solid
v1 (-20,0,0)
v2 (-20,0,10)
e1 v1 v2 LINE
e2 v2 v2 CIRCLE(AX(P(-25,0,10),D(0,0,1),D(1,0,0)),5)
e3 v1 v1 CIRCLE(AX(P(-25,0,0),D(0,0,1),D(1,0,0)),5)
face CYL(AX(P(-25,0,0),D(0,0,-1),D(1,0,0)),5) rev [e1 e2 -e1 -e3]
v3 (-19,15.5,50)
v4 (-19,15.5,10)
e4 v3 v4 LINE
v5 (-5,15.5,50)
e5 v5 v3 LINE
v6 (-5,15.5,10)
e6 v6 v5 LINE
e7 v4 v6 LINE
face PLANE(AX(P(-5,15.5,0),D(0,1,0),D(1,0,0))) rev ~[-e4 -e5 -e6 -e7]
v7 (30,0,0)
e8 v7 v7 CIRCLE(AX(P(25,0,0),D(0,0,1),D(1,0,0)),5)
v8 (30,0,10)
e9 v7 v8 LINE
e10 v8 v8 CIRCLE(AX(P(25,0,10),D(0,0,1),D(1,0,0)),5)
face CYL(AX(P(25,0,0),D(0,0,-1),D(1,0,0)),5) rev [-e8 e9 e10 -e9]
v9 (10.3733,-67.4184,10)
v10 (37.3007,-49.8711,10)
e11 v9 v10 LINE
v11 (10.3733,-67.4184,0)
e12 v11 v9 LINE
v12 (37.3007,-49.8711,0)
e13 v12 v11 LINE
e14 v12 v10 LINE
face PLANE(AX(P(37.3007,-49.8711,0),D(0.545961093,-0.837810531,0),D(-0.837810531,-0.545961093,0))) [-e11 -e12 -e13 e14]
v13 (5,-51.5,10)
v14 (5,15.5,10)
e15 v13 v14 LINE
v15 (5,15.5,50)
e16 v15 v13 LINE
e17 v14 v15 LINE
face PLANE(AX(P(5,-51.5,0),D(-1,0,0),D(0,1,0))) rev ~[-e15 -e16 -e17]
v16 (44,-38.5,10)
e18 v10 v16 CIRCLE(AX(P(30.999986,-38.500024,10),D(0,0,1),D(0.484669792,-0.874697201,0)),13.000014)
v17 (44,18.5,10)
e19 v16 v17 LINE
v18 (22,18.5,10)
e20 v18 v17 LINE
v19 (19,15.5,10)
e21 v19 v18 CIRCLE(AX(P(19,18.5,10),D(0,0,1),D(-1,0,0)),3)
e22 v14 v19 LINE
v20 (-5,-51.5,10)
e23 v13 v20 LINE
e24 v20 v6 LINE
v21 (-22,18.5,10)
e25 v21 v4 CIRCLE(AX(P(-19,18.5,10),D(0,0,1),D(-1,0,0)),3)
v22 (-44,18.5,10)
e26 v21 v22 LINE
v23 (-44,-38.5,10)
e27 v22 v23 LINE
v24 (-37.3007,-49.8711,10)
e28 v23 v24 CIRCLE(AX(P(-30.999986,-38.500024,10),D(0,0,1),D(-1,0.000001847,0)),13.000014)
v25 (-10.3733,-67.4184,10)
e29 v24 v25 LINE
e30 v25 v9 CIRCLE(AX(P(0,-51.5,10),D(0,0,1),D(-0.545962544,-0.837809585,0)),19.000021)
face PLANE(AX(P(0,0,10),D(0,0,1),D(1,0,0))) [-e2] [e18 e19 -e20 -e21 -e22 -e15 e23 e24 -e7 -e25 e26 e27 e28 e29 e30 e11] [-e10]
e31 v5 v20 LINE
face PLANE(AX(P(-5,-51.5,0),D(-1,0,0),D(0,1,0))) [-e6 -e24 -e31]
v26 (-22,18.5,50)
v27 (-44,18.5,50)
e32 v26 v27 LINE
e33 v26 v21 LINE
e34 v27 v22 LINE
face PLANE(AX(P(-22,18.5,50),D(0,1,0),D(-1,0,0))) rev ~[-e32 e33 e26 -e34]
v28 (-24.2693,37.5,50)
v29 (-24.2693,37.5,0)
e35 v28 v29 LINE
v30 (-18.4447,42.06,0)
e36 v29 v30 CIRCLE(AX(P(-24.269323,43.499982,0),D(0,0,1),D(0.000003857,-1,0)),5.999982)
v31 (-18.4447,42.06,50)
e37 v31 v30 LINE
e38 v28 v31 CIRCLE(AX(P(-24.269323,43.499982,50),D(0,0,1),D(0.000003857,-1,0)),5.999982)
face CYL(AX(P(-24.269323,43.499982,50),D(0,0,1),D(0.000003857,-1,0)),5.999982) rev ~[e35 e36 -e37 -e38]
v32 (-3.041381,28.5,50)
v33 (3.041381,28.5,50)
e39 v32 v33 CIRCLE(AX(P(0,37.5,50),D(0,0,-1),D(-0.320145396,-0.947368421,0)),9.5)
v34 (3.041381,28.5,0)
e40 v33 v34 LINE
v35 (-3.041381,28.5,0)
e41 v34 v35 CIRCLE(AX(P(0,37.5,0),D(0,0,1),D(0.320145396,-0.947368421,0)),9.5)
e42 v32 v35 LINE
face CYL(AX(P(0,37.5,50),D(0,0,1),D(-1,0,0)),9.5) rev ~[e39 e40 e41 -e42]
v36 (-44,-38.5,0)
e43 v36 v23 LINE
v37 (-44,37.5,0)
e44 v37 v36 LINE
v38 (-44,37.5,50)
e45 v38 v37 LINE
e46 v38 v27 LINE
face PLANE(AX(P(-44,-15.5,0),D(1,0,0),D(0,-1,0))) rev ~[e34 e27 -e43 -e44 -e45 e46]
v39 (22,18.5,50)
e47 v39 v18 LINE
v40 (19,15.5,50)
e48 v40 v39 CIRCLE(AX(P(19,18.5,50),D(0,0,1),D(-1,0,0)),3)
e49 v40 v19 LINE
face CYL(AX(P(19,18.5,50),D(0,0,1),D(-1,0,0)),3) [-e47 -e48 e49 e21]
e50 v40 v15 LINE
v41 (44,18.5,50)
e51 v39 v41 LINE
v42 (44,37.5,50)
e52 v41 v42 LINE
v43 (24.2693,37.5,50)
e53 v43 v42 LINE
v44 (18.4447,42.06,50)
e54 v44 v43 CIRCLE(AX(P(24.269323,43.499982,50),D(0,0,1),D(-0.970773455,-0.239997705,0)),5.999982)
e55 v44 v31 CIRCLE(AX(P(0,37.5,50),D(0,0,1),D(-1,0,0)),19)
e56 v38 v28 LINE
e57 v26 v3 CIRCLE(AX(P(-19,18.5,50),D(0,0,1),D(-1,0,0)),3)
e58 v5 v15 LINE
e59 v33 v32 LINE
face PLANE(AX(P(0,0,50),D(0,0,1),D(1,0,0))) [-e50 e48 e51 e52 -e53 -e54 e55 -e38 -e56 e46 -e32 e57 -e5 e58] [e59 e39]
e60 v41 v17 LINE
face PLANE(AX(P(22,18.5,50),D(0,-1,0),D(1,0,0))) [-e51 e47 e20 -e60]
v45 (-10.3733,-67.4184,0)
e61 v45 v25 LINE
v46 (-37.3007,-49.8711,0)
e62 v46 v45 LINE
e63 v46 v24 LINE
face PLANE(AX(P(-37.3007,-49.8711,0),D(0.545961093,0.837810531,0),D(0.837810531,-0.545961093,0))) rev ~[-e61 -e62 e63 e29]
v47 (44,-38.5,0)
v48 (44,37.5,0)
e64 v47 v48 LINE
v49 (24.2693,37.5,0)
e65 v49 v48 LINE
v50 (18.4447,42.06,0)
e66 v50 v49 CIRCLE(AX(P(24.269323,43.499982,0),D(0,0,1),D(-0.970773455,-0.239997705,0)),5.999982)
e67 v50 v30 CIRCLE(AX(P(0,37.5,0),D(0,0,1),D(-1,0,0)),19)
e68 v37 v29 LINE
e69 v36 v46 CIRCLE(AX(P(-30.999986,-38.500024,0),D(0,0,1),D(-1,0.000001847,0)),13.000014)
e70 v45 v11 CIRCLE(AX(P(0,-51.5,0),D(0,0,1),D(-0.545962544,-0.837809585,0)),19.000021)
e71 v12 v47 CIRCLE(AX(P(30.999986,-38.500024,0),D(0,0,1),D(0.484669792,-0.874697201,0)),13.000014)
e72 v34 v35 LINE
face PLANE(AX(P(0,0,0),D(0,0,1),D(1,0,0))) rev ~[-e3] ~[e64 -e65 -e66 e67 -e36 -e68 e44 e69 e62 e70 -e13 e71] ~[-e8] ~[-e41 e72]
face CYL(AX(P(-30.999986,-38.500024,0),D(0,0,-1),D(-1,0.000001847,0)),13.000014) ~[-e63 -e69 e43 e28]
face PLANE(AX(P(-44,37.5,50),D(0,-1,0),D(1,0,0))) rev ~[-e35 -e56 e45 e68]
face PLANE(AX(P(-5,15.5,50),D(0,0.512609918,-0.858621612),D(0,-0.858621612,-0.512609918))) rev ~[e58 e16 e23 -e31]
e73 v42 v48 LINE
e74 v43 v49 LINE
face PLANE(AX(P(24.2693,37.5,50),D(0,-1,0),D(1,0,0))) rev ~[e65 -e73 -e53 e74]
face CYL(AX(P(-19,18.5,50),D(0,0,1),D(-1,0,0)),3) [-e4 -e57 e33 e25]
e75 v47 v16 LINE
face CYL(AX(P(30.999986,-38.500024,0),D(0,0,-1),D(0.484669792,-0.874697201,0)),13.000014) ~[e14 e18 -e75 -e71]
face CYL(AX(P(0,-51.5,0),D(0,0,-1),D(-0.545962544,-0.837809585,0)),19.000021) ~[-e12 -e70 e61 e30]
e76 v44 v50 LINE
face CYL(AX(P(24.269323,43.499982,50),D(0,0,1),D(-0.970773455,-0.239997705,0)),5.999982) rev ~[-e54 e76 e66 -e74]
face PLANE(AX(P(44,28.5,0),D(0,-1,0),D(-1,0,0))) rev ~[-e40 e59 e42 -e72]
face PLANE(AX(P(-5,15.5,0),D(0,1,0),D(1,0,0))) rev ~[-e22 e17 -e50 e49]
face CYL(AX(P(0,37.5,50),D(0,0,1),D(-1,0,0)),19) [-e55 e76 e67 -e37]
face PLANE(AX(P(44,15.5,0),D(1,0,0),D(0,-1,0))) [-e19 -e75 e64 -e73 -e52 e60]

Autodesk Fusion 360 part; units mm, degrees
sketch "Sketch1" plane through (0, 0, 0) normal (0, 0, 1) x (1, 0, 0)
  line L0 (-44, 15.5) -> (44, 15.5)
  line L1 (44, 15.5) -> (44, -15.5)
  line L2 (-44, -15.5) -> (-44, 15.5)
  line L3 (-44, 15.5) -> (44, -15.5) construction
  line L4 (44, 15.5) -> (-44, -15.5) construction
  circle A0 centre (-25, 0) radius 5
  circle A1 centre (25, 0) radius 5
  line L5 (-44, -15.5) -> (-44, -38.5)
  line L6 (44, -38.5) -> (44, -15.5)
  line L7 (-44, 15.5) -> (44, 15.5)
  line L8 (44, 15.5) -> (44, 28.5)
  line L9 (44, 28.5) -> (-44, 28.5)
  line L10 (-44, 28.5) -> (-44, 15.5)
  line L11 (0, -51.5) -> (-5, -51.5)
  line L12 (0, -51.5) -> (5, -51.5)
  line L13 (-5, -51.5) -> (-5, 15.5)
  line L14 (5, -51.5) -> (5, 15.5)
  line L15 (-37.3007, -49.8711) -> (-10.3733, -67.4184)
  line L16 (37.3007, -49.8711) -> (10.3733, -67.4184)
  arc A2 (-10.3733, -67.4184) -> (10.3733, -67.4184) centre (0, -51.5) ccw
  arc A3 (37.3007, -49.8711) -> (44, -38.5) centre (31, -38.5) ccw
  arc A4 (-44, -38.5) -> (-37.3007, -49.8711) centre (-31, -38.5) ccw
  dimension "d1" = 31
  dimension "d2" = 88
  dimension "d3" = 10
  dimension "d4" = 10
  dimension "d5" = 50
  dimension "d6" = 19
  dimension "d7" = 19
  dimension "d9" = 38
  dimension "d12" = 13
  dimension "d13" = 5
  dimension "d14" = 5
  dimension "d15" = 26
  dimension "d16" = 26
extrude "Extrude1" add sketch "Sketch1" along normal blind 10 contours L0 L1 L2 L5 L6 L7 L11 L12 L13 L14 L15 L16 A2 A3 A4
extrude "Extrude2" add sketch "Sketch1" along normal blind 50 contours L0 L7 L8 L9 L10
extrude "Extrude3" add sketch "Sketch1" along normal blind 50 contours L0 L7 L11 L12 L13 L14
sketch "Sketch2" plane through (0, 0, 50) normal (0, 0, 1) x (-1, 0, 0)
  line L0 (44, -28.5) -> (44, -15.5)
  line L1 (44, -15.5) -> (5, -15.5)
  line L2 (5, -15.5) -> (5, 51.5)
  line L3 (5, 51.5) -> (-5, 51.5)
  line L4 (-5, 51.5) -> (-5, -15.5)
  line L5 (-5, -15.5) -> (-44, -15.5)
  line L6 (-44, -15.5) -> (-44, -28.5)
  line L7 (-44, -28.5) -> (44, -28.5)
  circle A0 centre (19, -18.5) radius 3
  circle A1 centre (-19, -18.5) radius 3
  line L8 (19, -18.5) -> (44, -18.5)
  line L9 (-19, -18.5) -> (-44, -18.5)
  line L10 (44, -18.5) -> (44, -15.5)
  line L11 (19, -15.5) -> (19, -18.5)
  line L12 (-19, -18.5) -> (-19, -15.5)
  line L13 (-19, -18.5) -> (-19, -15.5)
  line L14 (-44, -15.5) -> (-44, -18.5)
  line L15 (44, -18.5) -> (44, -37.5)
  line L16 (44, -37.5) -> (-44, -37.5)
  line L17 (-44, -37.5) -> (-44, -18.5)
  circle A2 centre (0, -37.5) radius 9.5
  circle A3 centre (0, -37.5) radius 19
  arc A4 (24.2693, -37.5) -> (18.4447, -42.06) centre (24.2693, -43.5) ccw
  arc A5 (-18.4447, -42.06) -> (-24.2693, -37.5) centre (-24.2693, -43.5) ccw
  dimension "d23" = 6
  dimension "d24" = 6
  dimension "d25" = 38
  dimension "d26" = 25
  dimension "d31" = 19
  dimension "d32" = 19
  dimension "d33" = 38
  dimension "d35" = 12
  dimension "d36" = 12
extrude "Extrude4" cut sketch "Sketch2" against normal blind 40 contours L0 L1 A0 L8 L10
extrude "Extrude5" cut sketch "Sketch2" against normal blind 40 contours L5 L6 A1 L9 L14
sketch "Sketch3" plane through (0, 0, 50) normal (0, 0, 1) x (-1, 0, 0)
extrude "Extrude6" add sketch "Sketch2" against normal blind 50 contours L7 L15 L16 A3 | L7 L16 A2 A3 | L16 A2 A3 | L16 A3 A4 | L7 L16 L17 A3 | L7 L16 A2 A3 | L16 A3 A5
sketch "Sketch4" plane through (-5, 0, 0) normal (-1, 0, 0) x (0, -1, 0)
  line L0 (-15.5, 10) -> (51.5, 10)
  line L1 (51.5, 10) -> (51.5, 50)
  line L2 (51.5, 50) -> (-15.5, 50)
  line L3 (-15.5, 50) -> (-15.5, 10)
  line L4 (-15.5, 50) -> (51.5, 10)
extrude "Extrude7" cut sketch "Sketch4" against normal blind 85 contours L1 L2 L4
equation "d6 = ( ( 88 - 50 ) / 2 ) * 1 mm"
equation "d9 = ( 19 * 2 ) * 1 mm"
equation "d26 = ( ( 88 - 38 ) / 2 ) * 1 mm"
equation "d33 = ( 19 * 2 ) * 1 mm"
